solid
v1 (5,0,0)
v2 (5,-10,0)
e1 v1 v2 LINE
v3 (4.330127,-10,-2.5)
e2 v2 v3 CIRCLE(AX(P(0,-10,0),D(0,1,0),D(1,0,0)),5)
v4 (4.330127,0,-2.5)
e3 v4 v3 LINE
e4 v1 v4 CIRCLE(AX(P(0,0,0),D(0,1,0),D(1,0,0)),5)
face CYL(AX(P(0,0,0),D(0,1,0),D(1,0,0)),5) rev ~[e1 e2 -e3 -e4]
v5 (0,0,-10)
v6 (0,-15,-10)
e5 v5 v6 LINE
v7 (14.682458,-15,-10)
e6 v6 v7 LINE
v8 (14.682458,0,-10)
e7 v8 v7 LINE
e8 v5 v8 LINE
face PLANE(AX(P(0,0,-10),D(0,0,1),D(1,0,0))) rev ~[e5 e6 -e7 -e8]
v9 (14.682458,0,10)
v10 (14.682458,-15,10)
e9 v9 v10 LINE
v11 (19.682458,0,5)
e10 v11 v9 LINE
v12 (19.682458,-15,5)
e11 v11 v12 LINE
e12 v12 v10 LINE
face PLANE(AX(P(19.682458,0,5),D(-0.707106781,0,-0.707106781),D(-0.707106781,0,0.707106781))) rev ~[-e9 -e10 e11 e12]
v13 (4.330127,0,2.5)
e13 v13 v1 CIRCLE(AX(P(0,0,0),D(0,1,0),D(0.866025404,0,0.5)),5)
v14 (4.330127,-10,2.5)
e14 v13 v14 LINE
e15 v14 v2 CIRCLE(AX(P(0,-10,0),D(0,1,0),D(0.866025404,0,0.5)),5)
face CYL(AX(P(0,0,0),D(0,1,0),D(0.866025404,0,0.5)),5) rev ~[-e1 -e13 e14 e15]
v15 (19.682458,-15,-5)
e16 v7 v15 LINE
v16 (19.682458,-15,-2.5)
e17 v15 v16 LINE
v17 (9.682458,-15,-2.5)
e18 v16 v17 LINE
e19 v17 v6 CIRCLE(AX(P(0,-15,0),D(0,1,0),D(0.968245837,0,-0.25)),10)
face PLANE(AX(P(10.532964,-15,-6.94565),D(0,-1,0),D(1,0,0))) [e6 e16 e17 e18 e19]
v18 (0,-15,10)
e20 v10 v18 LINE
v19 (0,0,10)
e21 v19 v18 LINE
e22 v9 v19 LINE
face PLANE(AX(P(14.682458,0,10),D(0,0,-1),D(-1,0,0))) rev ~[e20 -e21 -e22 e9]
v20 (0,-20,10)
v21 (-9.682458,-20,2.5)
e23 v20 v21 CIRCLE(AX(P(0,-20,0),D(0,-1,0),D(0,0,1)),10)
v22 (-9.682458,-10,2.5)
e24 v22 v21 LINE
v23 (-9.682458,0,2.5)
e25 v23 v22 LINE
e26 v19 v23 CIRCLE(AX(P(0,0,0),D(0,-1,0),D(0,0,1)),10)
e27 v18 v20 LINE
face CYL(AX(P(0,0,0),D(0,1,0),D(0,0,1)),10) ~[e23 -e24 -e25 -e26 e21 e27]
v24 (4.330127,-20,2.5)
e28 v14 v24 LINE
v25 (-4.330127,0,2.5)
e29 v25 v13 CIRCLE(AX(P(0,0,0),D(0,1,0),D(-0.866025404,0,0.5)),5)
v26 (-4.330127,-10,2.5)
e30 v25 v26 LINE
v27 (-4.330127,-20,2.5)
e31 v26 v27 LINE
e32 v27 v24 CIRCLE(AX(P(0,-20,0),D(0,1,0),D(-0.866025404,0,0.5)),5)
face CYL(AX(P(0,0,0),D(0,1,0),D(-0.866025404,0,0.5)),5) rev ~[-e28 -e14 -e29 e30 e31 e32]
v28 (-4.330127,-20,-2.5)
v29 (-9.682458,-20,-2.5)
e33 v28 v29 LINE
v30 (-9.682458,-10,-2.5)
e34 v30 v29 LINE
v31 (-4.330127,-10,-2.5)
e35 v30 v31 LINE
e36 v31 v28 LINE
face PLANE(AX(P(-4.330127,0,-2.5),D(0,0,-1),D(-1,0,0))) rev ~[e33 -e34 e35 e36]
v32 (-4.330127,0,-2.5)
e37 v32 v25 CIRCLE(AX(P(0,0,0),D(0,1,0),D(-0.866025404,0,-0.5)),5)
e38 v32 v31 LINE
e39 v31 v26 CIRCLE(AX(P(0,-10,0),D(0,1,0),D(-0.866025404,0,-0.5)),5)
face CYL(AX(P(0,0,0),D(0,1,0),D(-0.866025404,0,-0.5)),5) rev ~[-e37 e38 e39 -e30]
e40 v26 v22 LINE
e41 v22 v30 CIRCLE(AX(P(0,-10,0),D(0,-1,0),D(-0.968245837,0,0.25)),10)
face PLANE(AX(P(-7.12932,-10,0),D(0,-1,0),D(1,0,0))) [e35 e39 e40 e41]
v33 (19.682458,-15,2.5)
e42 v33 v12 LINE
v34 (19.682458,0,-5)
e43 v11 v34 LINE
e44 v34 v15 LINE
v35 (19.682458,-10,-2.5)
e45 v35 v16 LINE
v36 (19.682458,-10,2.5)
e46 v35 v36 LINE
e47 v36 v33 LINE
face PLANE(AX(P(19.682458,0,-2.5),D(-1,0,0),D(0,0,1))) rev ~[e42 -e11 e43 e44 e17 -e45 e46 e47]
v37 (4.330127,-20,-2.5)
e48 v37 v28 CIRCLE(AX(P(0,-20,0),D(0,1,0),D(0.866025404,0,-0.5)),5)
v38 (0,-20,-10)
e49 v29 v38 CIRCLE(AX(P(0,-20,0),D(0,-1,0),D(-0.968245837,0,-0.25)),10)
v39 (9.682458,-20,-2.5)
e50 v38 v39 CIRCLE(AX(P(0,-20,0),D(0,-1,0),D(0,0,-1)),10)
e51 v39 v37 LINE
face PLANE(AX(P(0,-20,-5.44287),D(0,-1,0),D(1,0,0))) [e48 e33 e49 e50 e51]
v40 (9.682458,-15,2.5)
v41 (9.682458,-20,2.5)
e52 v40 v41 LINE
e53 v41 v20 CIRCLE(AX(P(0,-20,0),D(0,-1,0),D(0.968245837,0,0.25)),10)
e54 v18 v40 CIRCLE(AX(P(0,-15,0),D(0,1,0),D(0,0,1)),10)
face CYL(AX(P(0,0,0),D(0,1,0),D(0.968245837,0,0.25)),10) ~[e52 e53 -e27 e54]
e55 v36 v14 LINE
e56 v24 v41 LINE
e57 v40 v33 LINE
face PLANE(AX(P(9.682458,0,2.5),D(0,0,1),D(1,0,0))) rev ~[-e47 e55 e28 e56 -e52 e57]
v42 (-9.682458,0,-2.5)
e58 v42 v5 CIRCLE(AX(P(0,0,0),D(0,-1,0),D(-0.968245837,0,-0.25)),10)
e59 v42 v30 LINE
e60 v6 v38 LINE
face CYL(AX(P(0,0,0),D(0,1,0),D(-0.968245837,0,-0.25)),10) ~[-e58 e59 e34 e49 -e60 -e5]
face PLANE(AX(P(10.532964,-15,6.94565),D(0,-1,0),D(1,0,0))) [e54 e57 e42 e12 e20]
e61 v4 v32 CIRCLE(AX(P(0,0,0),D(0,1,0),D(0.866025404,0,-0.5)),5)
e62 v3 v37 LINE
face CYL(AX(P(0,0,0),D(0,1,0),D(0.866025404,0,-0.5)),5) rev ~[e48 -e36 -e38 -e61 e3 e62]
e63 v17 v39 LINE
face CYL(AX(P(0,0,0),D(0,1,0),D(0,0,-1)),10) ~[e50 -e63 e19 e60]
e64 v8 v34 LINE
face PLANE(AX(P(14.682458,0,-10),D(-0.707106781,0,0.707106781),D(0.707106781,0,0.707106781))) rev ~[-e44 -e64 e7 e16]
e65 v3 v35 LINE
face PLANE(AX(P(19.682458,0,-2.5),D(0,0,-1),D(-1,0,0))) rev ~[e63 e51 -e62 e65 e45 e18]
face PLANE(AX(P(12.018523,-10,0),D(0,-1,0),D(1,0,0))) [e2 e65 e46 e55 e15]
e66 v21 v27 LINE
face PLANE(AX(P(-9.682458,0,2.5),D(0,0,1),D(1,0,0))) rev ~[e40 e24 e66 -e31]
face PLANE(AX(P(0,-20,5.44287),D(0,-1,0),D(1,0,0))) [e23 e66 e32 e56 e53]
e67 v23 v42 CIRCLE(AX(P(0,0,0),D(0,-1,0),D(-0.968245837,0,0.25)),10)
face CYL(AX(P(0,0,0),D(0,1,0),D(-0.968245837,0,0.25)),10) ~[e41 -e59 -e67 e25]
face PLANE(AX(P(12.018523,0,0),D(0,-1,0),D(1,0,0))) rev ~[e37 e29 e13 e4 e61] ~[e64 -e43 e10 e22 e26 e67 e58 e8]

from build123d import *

# Parameters (mm, degrees)
F1_DEPTH = 20
F2_DEPTH = 15
F3_DEPTH = 10


with BuildPart() as f1:
    # F0 (on Front) → F1 (new body)
    with BuildSketch(Plane.XZ):
        with BuildLine():
            ThreePointArc((-4.3301270189, 2.5), (0, 5), (4.3301270189, 2.5))
            Line((4.3301270189, 2.5), (9.6824583655, 2.5))
            ThreePointArc((9.6824583655, 2.5), (6.123724357, 7.9056941504), (0, 10))
            ThreePointArc((0, 10), (-6.123724357, 7.9056941504), (-9.6824583655, 2.5))
            Line((-9.6824583655, 2.5), (-4.3301270189, 2.5))
        make_face()
    extrude(amount=F1_DEPTH)

    # F0 (on Front) → F2 (join)
    with BuildSketch(Plane.XZ):
        with BuildLine():
            ThreePointArc((0, 10), (6.123724357, 7.9056941504), (9.6824583655, 2.5))
            Line((9.6824583655, 2.5), (19.6824583655, 2.5))
            Line((19.6824583655, 2.5), (19.6824583655, 5))
            Line((19.6824583655, 5), (14.6824583655, 10))
            Line((14.6824583655, 10), (0, 10))
        make_face()
    extrude(amount=F2_DEPTH)



with BuildPart() as f1b:
    # F0 (on Front) → F1, piece 2 (new body)
    with BuildSketch(Plane.XZ):
        with BuildLine():
            Line((9.6824583655, -2.5), (4.3301270189, -2.5))
            ThreePointArc((4.3301270189, -2.5), (0, -5), (-4.3301270189, -2.5))
            Line((-4.3301270189, -2.5), (-9.6824583655, -2.5))
            ThreePointArc((-9.6824583655, -2.5), (-6.123724357, -7.9056941504), (0, -10))
            ThreePointArc((0, -10), (6.123724357, -7.9056941504), (9.6824583655, -2.5))
        make_face()
    extrude(amount=F1_DEPTH)

    # F0 (on Front) → F2, piece 2 (join)
    with BuildSketch(Plane.XZ):
        with BuildLine():
            Line((19.6824583655, -2.5), (9.6824583655, -2.5))
            ThreePointArc((9.6824583655, -2.5), (6.123724357, -7.9056941504), (0, -10))
            Line((0, -10), (14.6824583655, -10))
            Line((14.6824583655, -10), (19.6824583655, -5))
            Line((19.6824583655, -5), (19.6824583655, -2.5))
        make_face()
    extrude(amount=F2_DEPTH)


with BuildPart() as f1_1:
    add(f1.part)

    add(f1b.part)  # F3 merges F1b
    # F0 (on Front) → F3 (join)
    with BuildSketch(Plane.XZ):
        with BuildLine():
            ThreePointArc((4.3301270189, 2.5), (4.8296291314, 1.2940952255), (5, 0))
            ThreePointArc((5, 0), (4.8296291314, -1.2940952255), (4.3301270189, -2.5))
            Line((4.3301270189, -2.5), (9.6824583655, -2.5))
            Line((9.6824583655, -2.5), (19.6824583655, -2.5))
            Line((19.6824583655, -2.5), (19.6824583655, 2.5))
            Line((19.6824583655, 2.5), (9.6824583655, 2.5))
            Line((9.6824583655, 2.5), (4.3301270189, 2.5))
        make_face()
        with BuildLine():
            ThreePointArc((-4.3301270189, -2.5), (-5, 0), (-4.3301270189, 2.5))
            Line((-4.3301270189, 2.5), (-9.6824583655, 2.5))
            ThreePointArc((-9.6824583655, 2.5), (-10, 0), (-9.6824583655, -2.5))
            Line((-9.6824583655, -2.5), (-4.3301270189, -2.5))
        make_face()
    extrude(amount=F3_DEPTH)


solid = f1_1.part
